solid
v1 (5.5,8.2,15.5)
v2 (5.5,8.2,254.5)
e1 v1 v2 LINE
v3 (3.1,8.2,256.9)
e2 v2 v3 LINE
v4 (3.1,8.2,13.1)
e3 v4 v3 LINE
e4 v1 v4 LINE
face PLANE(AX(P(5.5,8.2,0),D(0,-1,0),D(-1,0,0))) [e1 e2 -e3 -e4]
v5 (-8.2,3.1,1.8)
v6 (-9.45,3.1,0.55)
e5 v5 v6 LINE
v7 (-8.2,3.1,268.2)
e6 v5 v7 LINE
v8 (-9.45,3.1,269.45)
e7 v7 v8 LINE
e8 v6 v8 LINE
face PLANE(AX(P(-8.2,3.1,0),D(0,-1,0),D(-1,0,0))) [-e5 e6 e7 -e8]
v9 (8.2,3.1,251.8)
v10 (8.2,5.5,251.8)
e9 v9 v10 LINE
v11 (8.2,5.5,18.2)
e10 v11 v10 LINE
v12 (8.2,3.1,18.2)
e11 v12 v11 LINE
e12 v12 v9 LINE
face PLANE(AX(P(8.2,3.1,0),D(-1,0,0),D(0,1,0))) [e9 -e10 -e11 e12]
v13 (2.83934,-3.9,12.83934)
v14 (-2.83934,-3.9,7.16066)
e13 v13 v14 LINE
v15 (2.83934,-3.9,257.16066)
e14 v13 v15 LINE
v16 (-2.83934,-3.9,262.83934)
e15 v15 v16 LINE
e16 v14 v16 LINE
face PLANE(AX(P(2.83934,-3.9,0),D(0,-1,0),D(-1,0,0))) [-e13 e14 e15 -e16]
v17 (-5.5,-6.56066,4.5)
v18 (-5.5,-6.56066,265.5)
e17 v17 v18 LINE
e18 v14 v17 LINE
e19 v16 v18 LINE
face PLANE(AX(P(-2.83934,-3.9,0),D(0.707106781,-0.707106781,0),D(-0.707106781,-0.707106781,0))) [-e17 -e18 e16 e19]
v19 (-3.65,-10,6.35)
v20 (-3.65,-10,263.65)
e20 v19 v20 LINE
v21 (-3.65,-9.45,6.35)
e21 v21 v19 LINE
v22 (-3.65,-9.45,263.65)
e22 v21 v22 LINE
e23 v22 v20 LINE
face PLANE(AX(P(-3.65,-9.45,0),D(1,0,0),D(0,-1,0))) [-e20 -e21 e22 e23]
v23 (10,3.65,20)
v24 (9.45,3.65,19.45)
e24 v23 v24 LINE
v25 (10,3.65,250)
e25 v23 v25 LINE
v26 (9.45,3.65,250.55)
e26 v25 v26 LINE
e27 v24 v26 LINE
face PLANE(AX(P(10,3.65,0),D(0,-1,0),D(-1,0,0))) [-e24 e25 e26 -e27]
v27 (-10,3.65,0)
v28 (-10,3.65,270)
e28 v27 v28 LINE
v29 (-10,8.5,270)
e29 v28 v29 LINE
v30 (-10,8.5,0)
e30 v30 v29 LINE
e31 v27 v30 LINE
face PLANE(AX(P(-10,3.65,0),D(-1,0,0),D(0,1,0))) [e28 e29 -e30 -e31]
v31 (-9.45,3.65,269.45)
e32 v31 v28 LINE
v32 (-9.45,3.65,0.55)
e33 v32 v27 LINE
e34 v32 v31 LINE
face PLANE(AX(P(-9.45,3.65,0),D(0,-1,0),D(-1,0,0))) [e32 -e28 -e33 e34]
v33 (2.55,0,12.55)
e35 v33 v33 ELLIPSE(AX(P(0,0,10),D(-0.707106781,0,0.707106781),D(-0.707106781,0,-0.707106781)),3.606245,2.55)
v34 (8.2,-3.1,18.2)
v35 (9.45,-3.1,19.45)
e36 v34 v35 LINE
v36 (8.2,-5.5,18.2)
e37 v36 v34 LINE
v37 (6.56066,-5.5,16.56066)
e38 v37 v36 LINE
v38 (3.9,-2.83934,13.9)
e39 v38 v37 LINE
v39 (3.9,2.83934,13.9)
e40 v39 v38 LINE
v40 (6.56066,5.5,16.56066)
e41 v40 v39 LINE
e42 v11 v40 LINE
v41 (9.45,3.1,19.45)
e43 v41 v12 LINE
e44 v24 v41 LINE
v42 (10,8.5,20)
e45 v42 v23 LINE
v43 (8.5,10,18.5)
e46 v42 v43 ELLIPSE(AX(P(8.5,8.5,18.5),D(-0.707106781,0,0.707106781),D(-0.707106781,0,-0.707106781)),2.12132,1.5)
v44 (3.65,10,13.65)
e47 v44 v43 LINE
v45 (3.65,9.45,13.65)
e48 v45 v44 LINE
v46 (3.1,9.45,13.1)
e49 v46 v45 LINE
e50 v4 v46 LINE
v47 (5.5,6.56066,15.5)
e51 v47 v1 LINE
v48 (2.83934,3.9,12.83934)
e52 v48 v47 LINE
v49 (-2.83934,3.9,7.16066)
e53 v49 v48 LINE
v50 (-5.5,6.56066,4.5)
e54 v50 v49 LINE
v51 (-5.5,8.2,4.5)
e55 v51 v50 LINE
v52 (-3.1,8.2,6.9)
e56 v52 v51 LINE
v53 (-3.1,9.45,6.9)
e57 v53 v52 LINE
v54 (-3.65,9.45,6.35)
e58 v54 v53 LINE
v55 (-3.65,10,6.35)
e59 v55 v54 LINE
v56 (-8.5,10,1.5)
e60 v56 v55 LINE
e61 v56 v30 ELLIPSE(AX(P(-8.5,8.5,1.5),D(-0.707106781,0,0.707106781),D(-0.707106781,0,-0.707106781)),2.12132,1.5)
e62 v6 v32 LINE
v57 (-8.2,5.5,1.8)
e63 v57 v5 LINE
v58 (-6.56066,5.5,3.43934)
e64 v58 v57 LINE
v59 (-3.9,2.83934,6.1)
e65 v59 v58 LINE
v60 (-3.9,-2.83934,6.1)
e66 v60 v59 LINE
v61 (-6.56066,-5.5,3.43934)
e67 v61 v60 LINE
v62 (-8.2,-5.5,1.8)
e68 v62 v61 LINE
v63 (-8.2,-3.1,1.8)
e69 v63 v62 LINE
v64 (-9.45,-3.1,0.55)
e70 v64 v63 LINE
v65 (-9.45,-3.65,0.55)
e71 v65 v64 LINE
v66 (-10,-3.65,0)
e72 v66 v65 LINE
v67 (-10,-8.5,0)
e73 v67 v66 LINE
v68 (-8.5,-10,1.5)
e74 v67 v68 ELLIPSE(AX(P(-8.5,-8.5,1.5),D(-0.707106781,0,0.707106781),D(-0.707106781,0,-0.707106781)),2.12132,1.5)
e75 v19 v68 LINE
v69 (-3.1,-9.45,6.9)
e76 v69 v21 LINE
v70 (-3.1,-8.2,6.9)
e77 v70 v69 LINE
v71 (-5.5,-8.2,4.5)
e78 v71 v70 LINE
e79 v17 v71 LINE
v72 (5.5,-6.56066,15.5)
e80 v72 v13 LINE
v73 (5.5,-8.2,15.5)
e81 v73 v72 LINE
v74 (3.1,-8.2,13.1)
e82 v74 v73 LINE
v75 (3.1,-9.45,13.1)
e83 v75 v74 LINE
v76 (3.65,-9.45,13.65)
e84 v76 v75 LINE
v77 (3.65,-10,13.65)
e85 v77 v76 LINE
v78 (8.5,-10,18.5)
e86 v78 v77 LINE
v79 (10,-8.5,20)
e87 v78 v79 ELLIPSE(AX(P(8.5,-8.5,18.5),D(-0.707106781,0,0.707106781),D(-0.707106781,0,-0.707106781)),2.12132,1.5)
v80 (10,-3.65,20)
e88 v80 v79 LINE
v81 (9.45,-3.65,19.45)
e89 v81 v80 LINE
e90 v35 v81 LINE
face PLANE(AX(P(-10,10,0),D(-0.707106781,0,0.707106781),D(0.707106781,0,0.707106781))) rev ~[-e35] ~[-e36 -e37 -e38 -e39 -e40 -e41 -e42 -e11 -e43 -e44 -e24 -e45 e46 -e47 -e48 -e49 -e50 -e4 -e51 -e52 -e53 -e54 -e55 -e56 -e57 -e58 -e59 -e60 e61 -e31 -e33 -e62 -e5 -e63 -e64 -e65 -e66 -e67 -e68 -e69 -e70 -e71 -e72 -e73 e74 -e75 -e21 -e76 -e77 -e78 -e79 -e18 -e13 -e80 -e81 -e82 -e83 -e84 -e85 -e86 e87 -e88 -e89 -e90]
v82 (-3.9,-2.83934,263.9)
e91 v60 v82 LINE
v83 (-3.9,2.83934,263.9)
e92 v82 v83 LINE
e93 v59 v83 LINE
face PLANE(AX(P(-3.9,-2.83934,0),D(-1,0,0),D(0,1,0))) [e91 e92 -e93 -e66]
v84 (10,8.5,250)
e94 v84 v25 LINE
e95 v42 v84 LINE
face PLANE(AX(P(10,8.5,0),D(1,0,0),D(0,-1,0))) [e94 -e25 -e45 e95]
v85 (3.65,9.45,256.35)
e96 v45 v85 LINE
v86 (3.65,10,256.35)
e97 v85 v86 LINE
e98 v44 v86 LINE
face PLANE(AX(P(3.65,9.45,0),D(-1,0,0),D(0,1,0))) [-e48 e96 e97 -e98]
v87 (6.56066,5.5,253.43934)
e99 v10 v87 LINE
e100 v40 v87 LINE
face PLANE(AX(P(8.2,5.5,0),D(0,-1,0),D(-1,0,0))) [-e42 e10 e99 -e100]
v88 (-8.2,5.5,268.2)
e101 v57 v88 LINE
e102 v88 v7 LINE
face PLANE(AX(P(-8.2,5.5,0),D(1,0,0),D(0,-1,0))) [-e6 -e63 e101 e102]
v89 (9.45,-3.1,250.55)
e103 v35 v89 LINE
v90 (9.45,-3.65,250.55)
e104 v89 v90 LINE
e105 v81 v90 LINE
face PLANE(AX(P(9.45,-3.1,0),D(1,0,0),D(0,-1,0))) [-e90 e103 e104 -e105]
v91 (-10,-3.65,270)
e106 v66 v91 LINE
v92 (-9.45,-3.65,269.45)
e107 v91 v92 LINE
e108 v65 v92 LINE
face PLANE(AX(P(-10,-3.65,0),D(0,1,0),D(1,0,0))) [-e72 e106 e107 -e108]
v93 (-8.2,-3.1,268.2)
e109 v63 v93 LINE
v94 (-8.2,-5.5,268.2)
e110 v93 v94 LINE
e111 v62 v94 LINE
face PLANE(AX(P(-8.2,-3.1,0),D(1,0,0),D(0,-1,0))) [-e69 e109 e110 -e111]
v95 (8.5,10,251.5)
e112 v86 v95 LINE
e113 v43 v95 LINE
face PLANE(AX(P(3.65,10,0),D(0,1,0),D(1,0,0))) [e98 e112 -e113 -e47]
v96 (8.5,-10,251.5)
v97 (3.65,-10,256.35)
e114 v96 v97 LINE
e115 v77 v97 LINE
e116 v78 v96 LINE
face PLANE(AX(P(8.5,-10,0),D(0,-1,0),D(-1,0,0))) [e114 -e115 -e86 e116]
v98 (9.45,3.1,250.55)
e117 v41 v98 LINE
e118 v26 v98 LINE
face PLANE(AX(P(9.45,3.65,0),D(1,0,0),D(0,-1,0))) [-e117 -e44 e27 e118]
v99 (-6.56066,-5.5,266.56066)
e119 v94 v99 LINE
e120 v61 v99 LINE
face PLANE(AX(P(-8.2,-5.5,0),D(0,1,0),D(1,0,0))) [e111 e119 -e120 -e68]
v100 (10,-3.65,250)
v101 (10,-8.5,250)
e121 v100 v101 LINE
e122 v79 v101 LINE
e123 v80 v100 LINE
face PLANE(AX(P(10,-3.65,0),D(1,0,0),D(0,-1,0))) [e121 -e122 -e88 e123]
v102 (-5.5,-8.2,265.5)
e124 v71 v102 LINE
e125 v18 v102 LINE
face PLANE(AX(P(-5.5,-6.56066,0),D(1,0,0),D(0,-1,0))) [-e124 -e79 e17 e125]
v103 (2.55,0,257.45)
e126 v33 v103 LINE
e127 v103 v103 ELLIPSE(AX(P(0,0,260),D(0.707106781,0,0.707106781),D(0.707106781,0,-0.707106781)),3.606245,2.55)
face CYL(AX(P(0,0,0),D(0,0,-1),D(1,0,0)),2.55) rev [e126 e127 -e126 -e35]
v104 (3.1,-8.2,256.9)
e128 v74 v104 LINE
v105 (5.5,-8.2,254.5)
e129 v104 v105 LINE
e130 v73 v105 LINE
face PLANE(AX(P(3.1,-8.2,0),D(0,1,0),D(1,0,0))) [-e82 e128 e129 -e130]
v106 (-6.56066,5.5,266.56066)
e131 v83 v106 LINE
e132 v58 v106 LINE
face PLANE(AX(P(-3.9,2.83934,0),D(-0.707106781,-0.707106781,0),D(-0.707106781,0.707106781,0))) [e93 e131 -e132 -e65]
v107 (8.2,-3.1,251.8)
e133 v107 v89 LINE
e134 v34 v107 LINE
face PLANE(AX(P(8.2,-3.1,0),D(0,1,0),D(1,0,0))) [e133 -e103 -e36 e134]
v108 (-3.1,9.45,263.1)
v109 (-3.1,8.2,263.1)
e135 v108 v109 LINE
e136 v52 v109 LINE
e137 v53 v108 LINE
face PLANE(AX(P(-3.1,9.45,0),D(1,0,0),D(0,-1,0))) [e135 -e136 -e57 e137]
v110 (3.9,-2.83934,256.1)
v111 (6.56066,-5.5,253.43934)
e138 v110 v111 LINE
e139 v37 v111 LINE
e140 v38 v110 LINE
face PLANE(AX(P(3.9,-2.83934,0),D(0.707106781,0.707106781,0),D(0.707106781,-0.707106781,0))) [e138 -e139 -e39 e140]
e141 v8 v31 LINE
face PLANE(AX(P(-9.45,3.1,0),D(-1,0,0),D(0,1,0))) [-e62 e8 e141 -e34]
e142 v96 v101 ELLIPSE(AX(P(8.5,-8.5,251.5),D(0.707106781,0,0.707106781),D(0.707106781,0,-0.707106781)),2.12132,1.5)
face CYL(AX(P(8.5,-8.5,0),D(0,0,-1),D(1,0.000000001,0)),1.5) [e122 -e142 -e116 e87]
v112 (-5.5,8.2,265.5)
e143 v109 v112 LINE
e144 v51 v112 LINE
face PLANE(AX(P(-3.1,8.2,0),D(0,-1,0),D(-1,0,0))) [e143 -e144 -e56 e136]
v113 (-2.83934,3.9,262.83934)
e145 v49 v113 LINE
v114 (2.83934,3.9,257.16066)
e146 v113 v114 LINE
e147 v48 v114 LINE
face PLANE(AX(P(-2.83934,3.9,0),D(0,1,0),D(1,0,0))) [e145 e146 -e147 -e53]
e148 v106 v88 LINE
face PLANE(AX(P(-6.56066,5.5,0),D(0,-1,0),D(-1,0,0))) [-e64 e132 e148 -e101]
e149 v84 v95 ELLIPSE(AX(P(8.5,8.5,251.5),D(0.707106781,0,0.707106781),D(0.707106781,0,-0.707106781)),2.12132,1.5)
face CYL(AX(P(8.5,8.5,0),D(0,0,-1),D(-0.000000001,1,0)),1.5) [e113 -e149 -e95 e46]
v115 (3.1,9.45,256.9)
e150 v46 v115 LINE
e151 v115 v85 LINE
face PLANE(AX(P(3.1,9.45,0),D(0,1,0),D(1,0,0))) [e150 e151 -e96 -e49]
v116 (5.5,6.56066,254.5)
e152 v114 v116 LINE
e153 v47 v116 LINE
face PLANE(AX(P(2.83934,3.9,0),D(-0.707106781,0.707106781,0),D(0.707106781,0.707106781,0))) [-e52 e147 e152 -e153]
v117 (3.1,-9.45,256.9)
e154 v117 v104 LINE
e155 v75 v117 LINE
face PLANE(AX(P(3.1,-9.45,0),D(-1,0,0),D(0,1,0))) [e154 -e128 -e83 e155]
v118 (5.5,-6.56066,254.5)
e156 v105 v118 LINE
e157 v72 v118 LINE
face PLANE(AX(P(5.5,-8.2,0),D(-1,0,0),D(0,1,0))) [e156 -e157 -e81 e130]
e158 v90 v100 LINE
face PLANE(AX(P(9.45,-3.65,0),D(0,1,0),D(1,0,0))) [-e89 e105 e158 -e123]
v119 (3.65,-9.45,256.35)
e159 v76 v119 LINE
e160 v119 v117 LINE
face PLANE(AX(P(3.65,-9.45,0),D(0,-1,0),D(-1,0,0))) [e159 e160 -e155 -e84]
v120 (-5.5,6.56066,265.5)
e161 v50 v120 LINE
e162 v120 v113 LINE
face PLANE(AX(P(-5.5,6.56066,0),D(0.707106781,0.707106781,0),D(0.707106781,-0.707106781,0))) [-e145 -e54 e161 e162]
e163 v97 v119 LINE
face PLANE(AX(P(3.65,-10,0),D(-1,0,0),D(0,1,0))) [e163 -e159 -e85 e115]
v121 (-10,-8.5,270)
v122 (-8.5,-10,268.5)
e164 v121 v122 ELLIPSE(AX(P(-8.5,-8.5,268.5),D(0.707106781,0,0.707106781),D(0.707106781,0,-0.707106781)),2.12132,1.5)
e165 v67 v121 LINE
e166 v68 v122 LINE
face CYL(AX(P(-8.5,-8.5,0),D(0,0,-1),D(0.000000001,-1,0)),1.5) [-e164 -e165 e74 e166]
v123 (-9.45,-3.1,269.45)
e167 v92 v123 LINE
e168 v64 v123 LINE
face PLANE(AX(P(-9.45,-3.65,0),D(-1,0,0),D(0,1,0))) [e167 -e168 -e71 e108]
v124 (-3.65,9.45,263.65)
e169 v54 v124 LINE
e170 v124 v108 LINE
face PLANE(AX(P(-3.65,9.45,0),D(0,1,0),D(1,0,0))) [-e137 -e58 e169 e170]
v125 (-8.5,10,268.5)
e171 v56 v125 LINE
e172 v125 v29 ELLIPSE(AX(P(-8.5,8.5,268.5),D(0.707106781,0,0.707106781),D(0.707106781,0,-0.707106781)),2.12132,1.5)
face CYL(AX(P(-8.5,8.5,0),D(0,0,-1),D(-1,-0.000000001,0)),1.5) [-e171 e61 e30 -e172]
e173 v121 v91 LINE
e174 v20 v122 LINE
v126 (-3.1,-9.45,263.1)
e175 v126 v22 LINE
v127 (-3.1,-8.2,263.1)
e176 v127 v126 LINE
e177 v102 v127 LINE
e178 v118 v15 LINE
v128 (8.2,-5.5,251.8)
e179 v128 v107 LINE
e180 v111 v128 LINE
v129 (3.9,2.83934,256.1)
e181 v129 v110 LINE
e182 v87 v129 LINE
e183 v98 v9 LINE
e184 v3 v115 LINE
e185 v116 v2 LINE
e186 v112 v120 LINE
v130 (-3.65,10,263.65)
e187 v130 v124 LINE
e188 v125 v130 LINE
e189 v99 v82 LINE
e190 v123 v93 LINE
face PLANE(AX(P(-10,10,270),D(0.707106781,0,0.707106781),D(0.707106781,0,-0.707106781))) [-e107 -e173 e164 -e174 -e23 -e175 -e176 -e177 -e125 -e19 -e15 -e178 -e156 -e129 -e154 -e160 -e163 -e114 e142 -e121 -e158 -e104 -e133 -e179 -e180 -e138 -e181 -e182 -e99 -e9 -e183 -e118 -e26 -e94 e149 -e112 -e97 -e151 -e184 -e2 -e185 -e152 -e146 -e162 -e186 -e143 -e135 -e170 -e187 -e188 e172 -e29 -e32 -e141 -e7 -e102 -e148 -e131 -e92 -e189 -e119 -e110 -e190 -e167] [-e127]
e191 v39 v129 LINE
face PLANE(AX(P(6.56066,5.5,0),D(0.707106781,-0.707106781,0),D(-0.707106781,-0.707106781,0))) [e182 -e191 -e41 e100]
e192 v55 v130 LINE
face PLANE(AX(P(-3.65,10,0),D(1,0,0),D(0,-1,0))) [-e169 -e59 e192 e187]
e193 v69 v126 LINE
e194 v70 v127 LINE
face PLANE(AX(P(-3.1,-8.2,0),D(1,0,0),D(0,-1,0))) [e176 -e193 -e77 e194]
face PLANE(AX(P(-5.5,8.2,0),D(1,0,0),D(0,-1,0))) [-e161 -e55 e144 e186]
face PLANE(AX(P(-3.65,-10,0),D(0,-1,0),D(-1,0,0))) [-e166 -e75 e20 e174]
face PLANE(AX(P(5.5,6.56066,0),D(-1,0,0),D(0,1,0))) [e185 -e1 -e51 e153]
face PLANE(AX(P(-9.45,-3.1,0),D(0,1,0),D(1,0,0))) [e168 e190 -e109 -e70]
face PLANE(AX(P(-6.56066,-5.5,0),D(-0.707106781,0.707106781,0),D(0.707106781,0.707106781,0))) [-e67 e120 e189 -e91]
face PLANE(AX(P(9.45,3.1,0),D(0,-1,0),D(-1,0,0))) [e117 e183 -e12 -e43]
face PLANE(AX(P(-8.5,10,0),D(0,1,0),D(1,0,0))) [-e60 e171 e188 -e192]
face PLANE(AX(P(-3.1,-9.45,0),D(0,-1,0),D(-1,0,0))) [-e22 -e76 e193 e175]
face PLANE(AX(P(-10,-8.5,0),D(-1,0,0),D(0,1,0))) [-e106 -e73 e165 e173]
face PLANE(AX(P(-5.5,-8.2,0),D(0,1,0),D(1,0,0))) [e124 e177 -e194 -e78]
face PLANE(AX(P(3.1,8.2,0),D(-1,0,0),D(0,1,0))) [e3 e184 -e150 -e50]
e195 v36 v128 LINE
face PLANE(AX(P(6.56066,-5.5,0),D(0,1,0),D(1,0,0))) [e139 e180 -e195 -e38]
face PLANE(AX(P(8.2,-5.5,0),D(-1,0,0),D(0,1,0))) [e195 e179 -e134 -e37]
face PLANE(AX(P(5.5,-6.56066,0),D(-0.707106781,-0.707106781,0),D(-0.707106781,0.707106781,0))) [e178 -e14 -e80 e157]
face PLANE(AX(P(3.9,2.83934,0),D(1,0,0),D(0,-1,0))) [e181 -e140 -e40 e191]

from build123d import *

# Parameters (mm, degrees)
SKETCH_2_R          = 2.55
EXTRUDE_1_DEPTH     = 270
CUT_EXTRUDE_1_DEPTH = 38


with BuildPart() as part:
    # 草图2 → 凸台-拉伸1 (new body)
    with BuildSketch(Plane.XY):
        with BuildLine():
            Line((-3.9, 2.839339828), (-6.560660172, 5.5))
            Line((-6.560660172, 5.5), (-8.2, 5.5))
            Line((-8.2, 5.5), (-8.2, 3.1))
            Line((-8.2, 3.1), (-9.45, 3.1))
            Line((-9.45, 3.1), (-9.45, 3.65))
            Line((-9.45, 3.65), (-10, 3.65))
            Line((-10, 3.65), (-10, 8.5))
            ThreePointArc((-10, 8.5), (-9.560660172, 9.560660172), (-8.5, 10))
            Line((-8.5, 10), (-3.65, 10))
            Line((-3.65, 10), (-3.65, 9.45))
            Line((-3.65, 9.45), (-3.1, 9.45))
            Line((-3.1, 9.45), (-3.1, 8.2))
            Line((-3.1, 8.2), (-5.5, 8.2))
            Line((-5.5, 8.2), (-5.5, 6.560660172))
            Line((-5.5, 6.560660172), (-2.839339828, 3.9))
            Line((-2.839339828, 3.9), (2.839339828, 3.9))
            Line((2.839339828, 3.9), (5.5, 6.560660172))
            Line((5.5, 6.560660172), (5.5, 8.2))
            Line((5.5, 8.2), (3.1, 8.2))
            Line((3.1, 8.2), (3.1, 9.45))
            Line((3.1, 9.45), (3.65, 9.45))
            Line((3.65, 9.45), (3.65, 10))
            Line((3.65, 10), (8.5, 10))
            ThreePointArc((8.5, 10), (9.560660172, 9.560660172), (10, 8.5))
            Line((10, 8.5), (10, 3.65))
            Line((10, 3.65), (9.45, 3.65))
            Line((9.45, 3.65), (9.45, 3.1))
            Line((9.45, 3.1), (8.2, 3.1))
            Line((8.2, 3.1), (8.2, 5.5))
            Line((8.2, 5.5), (6.560660172, 5.5))
            Line((6.560660172, 5.5), (3.9, 2.839339828))
            Line((3.9, 2.839339828), (3.9, -2.839339828))
            Line((3.9, -2.839339828), (6.560660172, -5.5))
            Line((6.560660172, -5.5), (8.2, -5.5))
            Line((8.2, -5.5), (8.2, -3.1))
            Line((8.2, -3.1), (9.45, -3.1))
            Line((9.45, -3.1), (9.45, -3.65))
            Line((9.45, -3.65), (10, -3.65))
            Line((10, -3.65), (10, -8.5))
            ThreePointArc((10, -8.5), (9.560660172, -9.560660172), (8.5, -10))
            Line((8.5, -10), (3.65, -10))
            Line((3.65, -10), (3.65, -9.45))
            Line((3.65, -9.45), (3.1, -9.45))
            Line((3.1, -9.45), (3.1, -8.2))
            Line((3.1, -8.2), (5.5, -8.2))
            Line((5.5, -8.2), (5.5, -6.560660172))
            Line((5.5, -6.560660172), (2.839339828, -3.9))
            Line((2.839339828, -3.9), (-2.839339828, -3.9))
            Line((-2.839339828, -3.9), (-5.5, -6.560660172))
            Line((-5.5, -6.560660172), (-5.5, -8.2))
            Line((-5.5, -8.2), (-3.1, -8.2))
            Line((-3.1, -8.2), (-3.1, -9.45))
            Line((-3.1, -9.45), (-3.65, -9.45))
            Line((-3.65, -9.45), (-3.65, -10))
            Line((-3.65, -10), (-8.5, -10))
            ThreePointArc((-8.5, -10), (-9.560660172, -9.560660172), (-10, -8.5))
            Line((-10, -8.5), (-10, -3.65))
            Line((-10, -3.65), (-9.45, -3.65))
            Line((-9.45, -3.65), (-9.45, -3.1))
            Line((-9.45, -3.1), (-8.2, -3.1))
            Line((-8.2, -3.1), (-8.2, -5.5))
            Line((-8.2, -5.5), (-6.560660172, -5.5))
            Line((-6.560660172, -5.5), (-3.9, -2.839339828))
            Line((-3.9, -2.839339828), (-3.9, 2.839339828))
        make_face()
        Circle(SKETCH_2_R, mode=Mode.SUBTRACT)
    extrude(amount=EXTRUDE_1_DEPTH)

    # 草图3 → 切除-拉伸1 (cut)
    with BuildSketch(Plane(origin=(0, 10, 0), x_dir=(1, 0, 0), z_dir=(0, 1, 0))):
        Polygon((-10, 0), (10, -20), (10, 0), align=None)
        Polygon((-10, -270), (10, -250), (10, -270), align=None)
    extrude(amount=-CUT_EXTRUDE_1_DEPTH, mode=Mode.SUBTRACT)


solid = part.part
